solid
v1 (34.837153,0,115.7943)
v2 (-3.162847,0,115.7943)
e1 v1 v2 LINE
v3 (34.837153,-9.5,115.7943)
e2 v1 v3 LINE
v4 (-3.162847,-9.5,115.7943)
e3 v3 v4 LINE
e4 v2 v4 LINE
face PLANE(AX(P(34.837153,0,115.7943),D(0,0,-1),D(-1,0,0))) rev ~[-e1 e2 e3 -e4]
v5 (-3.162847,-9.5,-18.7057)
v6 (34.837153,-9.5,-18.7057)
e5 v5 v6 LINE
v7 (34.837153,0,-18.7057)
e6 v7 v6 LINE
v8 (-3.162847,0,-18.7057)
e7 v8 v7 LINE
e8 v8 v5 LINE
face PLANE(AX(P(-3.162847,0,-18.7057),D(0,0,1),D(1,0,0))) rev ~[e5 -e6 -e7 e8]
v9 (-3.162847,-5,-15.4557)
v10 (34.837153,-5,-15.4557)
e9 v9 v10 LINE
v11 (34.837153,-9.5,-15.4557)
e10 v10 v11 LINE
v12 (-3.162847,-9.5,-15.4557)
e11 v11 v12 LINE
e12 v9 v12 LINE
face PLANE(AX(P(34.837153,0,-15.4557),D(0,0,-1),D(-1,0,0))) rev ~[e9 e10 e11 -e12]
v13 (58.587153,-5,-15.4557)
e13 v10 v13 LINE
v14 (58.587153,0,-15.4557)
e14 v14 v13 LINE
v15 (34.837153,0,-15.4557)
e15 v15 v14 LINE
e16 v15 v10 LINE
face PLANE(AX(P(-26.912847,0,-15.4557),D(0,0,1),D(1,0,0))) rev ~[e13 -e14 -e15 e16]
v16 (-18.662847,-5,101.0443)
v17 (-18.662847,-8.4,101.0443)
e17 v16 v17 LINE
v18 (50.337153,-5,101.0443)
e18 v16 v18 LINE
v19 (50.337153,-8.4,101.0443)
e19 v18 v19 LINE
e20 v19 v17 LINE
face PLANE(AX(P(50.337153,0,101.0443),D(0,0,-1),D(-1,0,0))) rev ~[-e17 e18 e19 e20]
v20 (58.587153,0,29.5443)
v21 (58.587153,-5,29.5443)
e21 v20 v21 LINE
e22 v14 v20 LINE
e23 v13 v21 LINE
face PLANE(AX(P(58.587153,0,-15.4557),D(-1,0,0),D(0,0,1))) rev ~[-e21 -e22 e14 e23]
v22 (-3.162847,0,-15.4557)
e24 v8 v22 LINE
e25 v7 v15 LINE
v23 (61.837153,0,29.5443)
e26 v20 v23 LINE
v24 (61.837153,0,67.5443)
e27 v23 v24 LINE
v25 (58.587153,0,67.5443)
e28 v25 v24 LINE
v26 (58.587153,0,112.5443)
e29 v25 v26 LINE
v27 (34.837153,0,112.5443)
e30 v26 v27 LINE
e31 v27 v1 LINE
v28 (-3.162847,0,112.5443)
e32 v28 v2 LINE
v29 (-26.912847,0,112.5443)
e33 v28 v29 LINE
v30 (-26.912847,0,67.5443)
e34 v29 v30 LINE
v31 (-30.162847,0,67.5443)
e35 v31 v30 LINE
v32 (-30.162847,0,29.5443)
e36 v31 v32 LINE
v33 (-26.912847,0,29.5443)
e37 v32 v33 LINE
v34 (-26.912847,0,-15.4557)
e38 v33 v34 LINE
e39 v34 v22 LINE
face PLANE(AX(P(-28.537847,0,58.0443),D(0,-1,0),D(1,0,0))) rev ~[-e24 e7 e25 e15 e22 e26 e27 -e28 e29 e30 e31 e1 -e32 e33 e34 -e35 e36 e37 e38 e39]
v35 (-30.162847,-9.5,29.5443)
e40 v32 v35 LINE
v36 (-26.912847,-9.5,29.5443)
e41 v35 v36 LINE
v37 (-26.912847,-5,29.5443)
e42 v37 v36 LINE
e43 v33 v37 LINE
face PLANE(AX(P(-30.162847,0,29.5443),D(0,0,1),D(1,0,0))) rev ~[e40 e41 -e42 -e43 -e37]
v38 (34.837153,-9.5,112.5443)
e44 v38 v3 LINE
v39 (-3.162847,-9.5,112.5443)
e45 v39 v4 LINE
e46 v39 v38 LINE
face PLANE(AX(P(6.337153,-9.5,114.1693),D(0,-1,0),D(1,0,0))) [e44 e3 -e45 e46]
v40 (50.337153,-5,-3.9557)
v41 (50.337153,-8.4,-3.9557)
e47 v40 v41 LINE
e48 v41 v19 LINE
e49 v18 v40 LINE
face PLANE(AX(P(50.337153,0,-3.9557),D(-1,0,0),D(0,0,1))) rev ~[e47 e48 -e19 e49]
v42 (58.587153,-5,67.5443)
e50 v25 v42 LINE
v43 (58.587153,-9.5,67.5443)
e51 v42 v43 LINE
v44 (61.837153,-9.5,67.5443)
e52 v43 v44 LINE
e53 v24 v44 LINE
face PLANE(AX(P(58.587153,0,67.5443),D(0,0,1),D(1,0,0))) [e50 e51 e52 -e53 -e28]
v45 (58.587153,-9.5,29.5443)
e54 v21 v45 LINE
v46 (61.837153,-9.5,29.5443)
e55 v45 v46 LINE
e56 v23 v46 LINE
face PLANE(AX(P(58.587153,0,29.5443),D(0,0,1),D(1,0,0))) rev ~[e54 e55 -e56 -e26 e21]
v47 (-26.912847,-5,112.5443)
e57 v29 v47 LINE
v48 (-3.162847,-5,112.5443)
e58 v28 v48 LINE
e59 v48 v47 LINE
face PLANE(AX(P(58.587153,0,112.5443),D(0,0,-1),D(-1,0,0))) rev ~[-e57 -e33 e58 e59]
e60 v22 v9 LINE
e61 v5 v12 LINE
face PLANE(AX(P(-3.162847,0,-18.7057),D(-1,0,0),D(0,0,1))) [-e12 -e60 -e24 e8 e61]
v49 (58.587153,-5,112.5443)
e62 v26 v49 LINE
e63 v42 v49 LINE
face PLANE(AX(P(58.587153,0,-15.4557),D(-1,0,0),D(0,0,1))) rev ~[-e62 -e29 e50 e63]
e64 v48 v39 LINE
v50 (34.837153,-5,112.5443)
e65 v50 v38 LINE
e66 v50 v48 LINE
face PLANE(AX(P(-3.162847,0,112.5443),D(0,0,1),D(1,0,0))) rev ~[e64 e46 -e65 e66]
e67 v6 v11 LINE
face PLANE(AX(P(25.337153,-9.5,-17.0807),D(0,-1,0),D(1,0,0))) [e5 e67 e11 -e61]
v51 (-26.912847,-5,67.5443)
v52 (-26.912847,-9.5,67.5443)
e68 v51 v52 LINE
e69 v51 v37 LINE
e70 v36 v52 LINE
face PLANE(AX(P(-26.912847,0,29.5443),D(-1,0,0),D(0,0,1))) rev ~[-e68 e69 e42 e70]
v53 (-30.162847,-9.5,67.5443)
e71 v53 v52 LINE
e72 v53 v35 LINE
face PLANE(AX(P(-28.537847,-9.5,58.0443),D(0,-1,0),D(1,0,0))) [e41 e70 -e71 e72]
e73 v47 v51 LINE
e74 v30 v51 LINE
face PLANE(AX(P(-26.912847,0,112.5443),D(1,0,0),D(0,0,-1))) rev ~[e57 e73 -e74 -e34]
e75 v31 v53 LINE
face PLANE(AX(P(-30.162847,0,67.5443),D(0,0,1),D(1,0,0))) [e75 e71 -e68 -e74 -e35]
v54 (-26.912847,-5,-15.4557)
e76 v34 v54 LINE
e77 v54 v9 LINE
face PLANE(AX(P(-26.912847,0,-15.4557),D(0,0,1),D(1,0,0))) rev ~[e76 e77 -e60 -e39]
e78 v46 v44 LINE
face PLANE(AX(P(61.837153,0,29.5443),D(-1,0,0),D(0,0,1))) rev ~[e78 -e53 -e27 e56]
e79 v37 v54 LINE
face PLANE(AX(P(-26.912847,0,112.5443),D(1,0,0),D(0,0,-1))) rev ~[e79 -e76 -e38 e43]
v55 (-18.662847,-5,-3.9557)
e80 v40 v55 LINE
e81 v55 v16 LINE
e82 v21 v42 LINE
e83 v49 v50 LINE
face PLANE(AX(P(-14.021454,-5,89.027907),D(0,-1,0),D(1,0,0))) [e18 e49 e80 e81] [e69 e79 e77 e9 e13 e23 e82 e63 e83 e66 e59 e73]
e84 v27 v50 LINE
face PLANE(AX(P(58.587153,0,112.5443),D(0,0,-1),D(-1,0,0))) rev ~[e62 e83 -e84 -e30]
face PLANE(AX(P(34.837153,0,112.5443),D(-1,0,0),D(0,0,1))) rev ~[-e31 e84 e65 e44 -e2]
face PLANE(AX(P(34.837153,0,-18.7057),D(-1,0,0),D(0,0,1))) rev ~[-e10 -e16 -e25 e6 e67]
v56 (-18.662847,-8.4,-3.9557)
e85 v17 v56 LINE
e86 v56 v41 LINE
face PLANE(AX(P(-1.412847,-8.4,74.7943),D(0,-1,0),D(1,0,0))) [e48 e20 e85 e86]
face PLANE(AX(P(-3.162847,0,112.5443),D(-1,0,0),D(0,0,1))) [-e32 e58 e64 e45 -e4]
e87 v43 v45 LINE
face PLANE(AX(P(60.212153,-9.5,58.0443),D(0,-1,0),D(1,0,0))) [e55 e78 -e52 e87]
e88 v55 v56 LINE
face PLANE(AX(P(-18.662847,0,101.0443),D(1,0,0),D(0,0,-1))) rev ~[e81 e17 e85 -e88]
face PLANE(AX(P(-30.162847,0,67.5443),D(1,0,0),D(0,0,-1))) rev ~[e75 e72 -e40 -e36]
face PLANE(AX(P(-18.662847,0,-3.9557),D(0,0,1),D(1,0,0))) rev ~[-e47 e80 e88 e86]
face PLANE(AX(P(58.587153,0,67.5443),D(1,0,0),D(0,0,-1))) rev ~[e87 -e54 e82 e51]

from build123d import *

# Parameters (mm, degrees)
F1_DEPTH = 5
F0_W     = 34.5
F0_H     = 52.5
F2_DEPTH = 8.4
F0_W_2   = 3.25
F0_H_2   = 19
F0_W_3   = 19
F0_H_3   = 3.25
F3_DEPTH = 9.5


with BuildPart() as f1:
    # F0 (on Front) → F1 (new body)
    with BuildSketch(Plane.XZ):
        Polygon((-3.162847, 112.5443), (-26.912847, 112.5443), (-26.912847, 67.5443), (-26.912847, 48.5443), (-18.662847, 48.5443), (-18.662847, 101.0443), (15.837153, 101.0443), (15.837153, 112.5443), align=None)
        Polygon((34.837153, 112.5443), (15.837153, 112.5443), (15.837153, 101.0443), (50.337153, 101.0443), (50.337153, 48.5443), (58.587153, 48.5443), (58.587153, 67.5443), (58.587153, 112.5443), align=None)
        Polygon((58.587153, 48.5443), (50.337153, 48.5443), (50.337153, -3.9557), (15.837153, -3.9557), (15.837153, -15.4557), (34.837153, -15.4557), (58.587153, -15.4557), (58.587153, 29.5443), align=None)
        Polygon((-18.662847, 48.5443), (-26.912847, 48.5443), (-26.912847, 29.5443), (-26.912847, -15.4557), (-3.162847, -15.4557), (15.837153, -15.4557), (15.837153, -3.9557), (-18.662847, -3.9557), align=None)
    extrude(amount=F1_DEPTH)

    # F0 (on Front) → F2 (join)
    with BuildSketch(Plane.XZ):
        with Locations((-1.412847, 74.7943)):
            Rectangle(F0_W, F0_H)
        with Locations((33.087153, 74.7943)):
            Rectangle(F0_W, F0_H)
        with Locations((33.087153, 22.2943)):
            Rectangle(F0_W, F0_H)
        with Locations((-1.412847, 22.2943)):
            Rectangle(F0_W, F0_H)
    extrude(amount=F2_DEPTH)

    # F0 (on Front) → F3 (join)
    with BuildSketch(Plane.XZ):
        with Locations((-28.537847, 58.0443)):
            Rectangle(F0_W_2, F0_H_2)
        with Locations((-28.537847, 39.0443)):
            Rectangle(F0_W_2, F0_H_2)
        with Locations((6.337153, 114.1693)):
            Rectangle(F0_W_3, F0_H_3)
        with Locations((25.337153, 114.1693)):
            Rectangle(F0_W_3, F0_H_3)
        with Locations((60.212153, 58.0443)):
            Rectangle(F0_W_2, F0_H_2)
        with Locations((60.212153, 39.0443)):
            Rectangle(F0_W_2, F0_H_2)
        with Locations((25.337153, -17.0807)):
            Rectangle(F0_W_3, F0_H_3)
        with Locations((6.337153, -17.0807)):
            Rectangle(F0_W_3, F0_H_3)
    extrude(amount=F3_DEPTH)


solid = f1.part
